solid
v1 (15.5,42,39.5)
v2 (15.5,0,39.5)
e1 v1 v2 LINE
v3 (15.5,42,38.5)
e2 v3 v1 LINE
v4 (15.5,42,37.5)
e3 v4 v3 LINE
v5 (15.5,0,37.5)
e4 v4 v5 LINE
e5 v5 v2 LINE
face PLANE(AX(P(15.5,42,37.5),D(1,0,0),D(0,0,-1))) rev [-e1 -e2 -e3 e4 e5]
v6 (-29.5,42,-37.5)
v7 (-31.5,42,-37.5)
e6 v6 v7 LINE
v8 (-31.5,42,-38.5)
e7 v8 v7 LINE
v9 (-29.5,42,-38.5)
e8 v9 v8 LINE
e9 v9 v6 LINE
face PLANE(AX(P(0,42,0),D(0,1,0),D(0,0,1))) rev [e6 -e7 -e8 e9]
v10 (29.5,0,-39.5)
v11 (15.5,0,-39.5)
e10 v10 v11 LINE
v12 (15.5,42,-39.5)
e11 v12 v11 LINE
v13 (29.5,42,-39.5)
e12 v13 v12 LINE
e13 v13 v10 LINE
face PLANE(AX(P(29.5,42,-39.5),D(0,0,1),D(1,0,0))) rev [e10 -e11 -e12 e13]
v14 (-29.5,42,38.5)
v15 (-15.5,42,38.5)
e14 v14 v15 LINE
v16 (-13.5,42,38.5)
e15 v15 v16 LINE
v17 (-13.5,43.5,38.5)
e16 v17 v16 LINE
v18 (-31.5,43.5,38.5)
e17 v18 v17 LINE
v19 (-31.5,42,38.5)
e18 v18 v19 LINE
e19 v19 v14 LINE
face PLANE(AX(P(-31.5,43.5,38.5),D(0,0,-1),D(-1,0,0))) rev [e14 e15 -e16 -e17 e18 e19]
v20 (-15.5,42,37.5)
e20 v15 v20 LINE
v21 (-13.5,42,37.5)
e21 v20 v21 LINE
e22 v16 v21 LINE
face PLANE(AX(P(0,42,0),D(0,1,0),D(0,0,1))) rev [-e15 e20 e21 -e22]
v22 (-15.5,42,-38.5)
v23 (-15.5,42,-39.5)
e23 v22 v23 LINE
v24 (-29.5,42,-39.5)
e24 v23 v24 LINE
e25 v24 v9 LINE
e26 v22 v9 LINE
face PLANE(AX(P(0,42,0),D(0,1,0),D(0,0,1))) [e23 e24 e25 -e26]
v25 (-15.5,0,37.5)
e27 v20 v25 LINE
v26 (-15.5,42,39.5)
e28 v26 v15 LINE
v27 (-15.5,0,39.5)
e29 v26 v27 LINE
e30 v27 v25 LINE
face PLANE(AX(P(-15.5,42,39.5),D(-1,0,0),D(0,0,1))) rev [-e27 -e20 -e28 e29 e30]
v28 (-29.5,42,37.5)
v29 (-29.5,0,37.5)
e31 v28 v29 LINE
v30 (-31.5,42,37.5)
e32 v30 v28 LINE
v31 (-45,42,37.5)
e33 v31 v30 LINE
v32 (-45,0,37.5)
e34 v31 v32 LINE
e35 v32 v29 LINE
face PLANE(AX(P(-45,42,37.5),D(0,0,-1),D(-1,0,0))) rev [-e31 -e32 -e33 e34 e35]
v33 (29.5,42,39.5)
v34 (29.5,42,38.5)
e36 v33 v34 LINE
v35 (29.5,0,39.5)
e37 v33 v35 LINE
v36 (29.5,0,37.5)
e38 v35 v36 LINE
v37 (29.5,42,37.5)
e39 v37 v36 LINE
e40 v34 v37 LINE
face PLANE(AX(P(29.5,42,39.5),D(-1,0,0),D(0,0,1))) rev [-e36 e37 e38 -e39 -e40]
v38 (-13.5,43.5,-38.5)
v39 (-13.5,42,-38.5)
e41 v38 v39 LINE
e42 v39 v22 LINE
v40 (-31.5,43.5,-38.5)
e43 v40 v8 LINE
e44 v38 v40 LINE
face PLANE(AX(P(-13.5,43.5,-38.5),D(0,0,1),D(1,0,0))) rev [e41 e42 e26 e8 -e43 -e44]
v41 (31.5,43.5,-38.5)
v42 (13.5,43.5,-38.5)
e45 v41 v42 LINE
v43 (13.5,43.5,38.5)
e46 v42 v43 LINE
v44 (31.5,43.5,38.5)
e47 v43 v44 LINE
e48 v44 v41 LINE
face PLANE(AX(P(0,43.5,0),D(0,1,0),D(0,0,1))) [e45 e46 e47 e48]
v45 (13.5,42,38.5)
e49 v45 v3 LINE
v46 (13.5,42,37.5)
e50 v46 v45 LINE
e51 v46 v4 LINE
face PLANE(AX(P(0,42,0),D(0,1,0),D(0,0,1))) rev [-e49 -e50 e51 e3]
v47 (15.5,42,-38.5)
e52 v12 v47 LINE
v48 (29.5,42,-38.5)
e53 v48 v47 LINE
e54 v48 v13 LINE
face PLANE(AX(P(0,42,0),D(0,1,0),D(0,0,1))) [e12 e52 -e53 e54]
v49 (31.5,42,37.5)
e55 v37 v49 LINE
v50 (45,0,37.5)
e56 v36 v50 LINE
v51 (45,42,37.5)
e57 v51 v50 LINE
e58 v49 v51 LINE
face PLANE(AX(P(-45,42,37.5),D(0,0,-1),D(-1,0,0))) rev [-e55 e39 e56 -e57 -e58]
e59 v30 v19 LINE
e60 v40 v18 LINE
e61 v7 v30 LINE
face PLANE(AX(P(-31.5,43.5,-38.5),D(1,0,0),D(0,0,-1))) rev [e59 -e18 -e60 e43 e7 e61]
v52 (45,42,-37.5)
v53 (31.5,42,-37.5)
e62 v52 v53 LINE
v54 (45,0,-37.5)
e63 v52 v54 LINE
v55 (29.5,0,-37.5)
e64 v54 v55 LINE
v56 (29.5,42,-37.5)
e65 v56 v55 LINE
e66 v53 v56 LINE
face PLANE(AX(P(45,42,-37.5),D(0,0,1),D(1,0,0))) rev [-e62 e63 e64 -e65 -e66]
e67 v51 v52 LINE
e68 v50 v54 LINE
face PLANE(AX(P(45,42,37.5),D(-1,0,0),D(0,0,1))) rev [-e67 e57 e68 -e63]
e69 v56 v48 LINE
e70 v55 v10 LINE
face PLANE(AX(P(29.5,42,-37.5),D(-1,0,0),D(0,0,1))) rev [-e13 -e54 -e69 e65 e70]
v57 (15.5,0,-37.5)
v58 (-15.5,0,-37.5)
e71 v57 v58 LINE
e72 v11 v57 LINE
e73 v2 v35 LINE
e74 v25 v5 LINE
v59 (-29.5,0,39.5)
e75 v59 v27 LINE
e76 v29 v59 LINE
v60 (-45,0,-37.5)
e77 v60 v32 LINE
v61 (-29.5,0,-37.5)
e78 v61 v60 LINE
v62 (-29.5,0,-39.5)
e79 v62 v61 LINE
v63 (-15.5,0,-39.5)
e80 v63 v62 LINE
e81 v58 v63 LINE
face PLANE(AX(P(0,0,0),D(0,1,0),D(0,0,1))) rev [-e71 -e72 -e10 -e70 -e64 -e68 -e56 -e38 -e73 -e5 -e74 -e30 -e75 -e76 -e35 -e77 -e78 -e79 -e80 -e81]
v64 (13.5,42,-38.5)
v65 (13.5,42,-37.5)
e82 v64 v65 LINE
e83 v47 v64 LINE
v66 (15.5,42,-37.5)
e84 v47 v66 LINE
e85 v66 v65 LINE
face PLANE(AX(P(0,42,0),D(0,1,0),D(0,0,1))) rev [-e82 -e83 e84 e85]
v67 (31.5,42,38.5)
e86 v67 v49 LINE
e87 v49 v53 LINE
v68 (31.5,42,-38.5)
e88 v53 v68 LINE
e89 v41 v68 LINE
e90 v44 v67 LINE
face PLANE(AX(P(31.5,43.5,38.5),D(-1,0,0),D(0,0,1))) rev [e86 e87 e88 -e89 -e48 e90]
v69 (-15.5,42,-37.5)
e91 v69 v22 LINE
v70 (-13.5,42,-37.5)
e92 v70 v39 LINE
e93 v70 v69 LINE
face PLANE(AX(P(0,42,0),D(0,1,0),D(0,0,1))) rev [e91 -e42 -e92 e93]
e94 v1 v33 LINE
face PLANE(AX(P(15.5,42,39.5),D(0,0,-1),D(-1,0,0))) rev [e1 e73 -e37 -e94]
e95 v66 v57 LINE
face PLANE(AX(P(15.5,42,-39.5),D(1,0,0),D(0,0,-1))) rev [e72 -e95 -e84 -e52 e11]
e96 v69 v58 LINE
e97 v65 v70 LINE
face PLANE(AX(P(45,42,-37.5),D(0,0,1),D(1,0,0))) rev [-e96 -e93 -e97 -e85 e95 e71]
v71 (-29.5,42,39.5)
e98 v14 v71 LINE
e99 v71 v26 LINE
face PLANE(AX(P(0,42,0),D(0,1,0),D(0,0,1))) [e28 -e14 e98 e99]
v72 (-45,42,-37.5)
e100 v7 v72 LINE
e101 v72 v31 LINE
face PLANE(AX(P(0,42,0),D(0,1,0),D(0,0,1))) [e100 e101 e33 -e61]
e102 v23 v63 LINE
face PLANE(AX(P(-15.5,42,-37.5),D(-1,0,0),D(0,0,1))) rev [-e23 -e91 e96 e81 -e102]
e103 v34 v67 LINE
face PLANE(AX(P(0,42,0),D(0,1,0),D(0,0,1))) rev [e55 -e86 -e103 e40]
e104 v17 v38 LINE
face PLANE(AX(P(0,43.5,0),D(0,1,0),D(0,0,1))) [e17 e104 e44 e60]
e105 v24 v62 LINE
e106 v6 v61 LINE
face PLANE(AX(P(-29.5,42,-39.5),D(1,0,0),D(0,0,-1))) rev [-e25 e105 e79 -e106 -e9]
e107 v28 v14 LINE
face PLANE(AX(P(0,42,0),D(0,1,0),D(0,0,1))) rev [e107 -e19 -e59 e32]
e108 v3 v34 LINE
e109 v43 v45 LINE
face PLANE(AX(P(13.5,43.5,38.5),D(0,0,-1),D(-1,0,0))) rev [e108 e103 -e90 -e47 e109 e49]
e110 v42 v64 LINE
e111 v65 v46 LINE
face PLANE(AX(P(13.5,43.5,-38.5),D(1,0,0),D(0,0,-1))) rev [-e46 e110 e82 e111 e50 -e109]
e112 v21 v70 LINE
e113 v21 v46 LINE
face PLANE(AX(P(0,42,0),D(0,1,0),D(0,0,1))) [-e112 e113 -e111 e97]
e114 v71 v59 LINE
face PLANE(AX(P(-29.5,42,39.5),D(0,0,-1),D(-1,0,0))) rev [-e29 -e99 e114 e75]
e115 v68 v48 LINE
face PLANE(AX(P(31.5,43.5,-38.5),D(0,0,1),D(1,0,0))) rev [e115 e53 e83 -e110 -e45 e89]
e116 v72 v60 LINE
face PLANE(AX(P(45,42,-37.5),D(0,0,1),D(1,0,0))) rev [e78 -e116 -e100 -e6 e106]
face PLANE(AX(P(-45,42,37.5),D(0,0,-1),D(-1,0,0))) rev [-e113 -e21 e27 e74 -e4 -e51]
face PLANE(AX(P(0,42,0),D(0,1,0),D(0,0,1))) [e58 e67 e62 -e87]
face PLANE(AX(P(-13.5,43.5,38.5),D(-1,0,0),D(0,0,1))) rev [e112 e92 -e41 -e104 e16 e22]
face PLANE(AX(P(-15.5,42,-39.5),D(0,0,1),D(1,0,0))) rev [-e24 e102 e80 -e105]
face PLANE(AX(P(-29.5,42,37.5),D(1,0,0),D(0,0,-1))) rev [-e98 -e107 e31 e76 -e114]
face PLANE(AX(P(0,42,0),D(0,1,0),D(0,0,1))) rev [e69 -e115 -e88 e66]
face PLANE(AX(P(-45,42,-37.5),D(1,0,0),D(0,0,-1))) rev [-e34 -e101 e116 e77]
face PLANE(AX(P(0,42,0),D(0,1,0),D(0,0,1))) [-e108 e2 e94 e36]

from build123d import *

# Parameters (mm, degrees)
SK_P01_PACK_W   = 90
SK_P01_PACK_H   = 75
P01_PACK_DEPTH  = 42
P02_STRAP_START = 42
SK_P02_STRAP_W  = 18
SK_P02_STRAP_H  = 77
P02_STRAP_DEPTH = 1.5
P03_STRAP_START = 42
SK_P03_STRAP_W  = 18
SK_P03_STRAP_H  = 77
P03_STRAP_DEPTH = 1.5
SK_P04_STRAP_W  = 14
SK_P04_STRAP_H  = 2
P04_STRAP_DEPTH = 42
SK_P05_STRAP_W  = 14
SK_P05_STRAP_H  = 2
P05_STRAP_DEPTH = 42
SK_P06_STRAP_W  = 14
SK_P06_STRAP_H  = 2
P06_STRAP_DEPTH = 42
SK_P07_STRAP_W  = 14
SK_P07_STRAP_H  = 2
P07_STRAP_DEPTH = 42


with BuildPart() as part:
    # SK_P01_Pack → P01_Pack (new body)
    with BuildSketch(Plane(origin=(0, 0, 0), x_dir=(1, 0, 0), z_dir=(0, 1, 0))):
        Rectangle(SK_P01_PACK_W, SK_P01_PACK_H)
    extrude(amount=P01_PACK_DEPTH)

    # SK_P02_Strap → P02_Strap (add)
    with BuildSketch(Plane(origin=(0, 0, 0), x_dir=(1, 0, 0), z_dir=(0, 1, 0)).offset(P02_STRAP_START)):
        with Locations((-22.5, 0)):
            Rectangle(SK_P02_STRAP_W, SK_P02_STRAP_H)
    extrude(amount=P02_STRAP_DEPTH)

    # SK_P03_Strap → P03_Strap (add)
    with BuildSketch(Plane(origin=(0, 0, 0), x_dir=(1, 0, 0), z_dir=(0, 1, 0)).offset(P03_STRAP_START)):
        with Locations((22.5, 0)):
            Rectangle(SK_P03_STRAP_W, SK_P03_STRAP_H)
    extrude(amount=P03_STRAP_DEPTH)

    # SK_P04_Strap → P04_Strap (add)
    with BuildSketch(Plane(origin=(0, 0, 0), x_dir=(1, 0, 0), z_dir=(0, 1, 0))):
        with Locations((-22.5, 38.5)):
            Rectangle(SK_P04_STRAP_W, SK_P04_STRAP_H)
    extrude(amount=P04_STRAP_DEPTH)

    # SK_P05_Strap → P05_Strap (add)
    with BuildSketch(Plane(origin=(0, 0, 0), x_dir=(1, 0, 0), z_dir=(0, 1, 0))):
        with Locations((-22.5, -38.5)):
            Rectangle(SK_P05_STRAP_W, SK_P05_STRAP_H)
    extrude(amount=P05_STRAP_DEPTH)

    # SK_P06_Strap → P06_Strap (add)
    with BuildSketch(Plane(origin=(0, 0, 0), x_dir=(1, 0, 0), z_dir=(0, 1, 0))):
        with Locations((22.5, 38.5)):
            Rectangle(SK_P06_STRAP_W, SK_P06_STRAP_H)
    extrude(amount=P06_STRAP_DEPTH)

    # SK_P07_Strap → P07_Strap (add)
    with BuildSketch(Plane(origin=(0, 0, 0), x_dir=(1, 0, 0), z_dir=(0, 1, 0))):
        with Locations((22.5, -38.5)):
            Rectangle(SK_P07_STRAP_W, SK_P07_STRAP_H)
    extrude(amount=P07_STRAP_DEPTH)


solid = part.part
